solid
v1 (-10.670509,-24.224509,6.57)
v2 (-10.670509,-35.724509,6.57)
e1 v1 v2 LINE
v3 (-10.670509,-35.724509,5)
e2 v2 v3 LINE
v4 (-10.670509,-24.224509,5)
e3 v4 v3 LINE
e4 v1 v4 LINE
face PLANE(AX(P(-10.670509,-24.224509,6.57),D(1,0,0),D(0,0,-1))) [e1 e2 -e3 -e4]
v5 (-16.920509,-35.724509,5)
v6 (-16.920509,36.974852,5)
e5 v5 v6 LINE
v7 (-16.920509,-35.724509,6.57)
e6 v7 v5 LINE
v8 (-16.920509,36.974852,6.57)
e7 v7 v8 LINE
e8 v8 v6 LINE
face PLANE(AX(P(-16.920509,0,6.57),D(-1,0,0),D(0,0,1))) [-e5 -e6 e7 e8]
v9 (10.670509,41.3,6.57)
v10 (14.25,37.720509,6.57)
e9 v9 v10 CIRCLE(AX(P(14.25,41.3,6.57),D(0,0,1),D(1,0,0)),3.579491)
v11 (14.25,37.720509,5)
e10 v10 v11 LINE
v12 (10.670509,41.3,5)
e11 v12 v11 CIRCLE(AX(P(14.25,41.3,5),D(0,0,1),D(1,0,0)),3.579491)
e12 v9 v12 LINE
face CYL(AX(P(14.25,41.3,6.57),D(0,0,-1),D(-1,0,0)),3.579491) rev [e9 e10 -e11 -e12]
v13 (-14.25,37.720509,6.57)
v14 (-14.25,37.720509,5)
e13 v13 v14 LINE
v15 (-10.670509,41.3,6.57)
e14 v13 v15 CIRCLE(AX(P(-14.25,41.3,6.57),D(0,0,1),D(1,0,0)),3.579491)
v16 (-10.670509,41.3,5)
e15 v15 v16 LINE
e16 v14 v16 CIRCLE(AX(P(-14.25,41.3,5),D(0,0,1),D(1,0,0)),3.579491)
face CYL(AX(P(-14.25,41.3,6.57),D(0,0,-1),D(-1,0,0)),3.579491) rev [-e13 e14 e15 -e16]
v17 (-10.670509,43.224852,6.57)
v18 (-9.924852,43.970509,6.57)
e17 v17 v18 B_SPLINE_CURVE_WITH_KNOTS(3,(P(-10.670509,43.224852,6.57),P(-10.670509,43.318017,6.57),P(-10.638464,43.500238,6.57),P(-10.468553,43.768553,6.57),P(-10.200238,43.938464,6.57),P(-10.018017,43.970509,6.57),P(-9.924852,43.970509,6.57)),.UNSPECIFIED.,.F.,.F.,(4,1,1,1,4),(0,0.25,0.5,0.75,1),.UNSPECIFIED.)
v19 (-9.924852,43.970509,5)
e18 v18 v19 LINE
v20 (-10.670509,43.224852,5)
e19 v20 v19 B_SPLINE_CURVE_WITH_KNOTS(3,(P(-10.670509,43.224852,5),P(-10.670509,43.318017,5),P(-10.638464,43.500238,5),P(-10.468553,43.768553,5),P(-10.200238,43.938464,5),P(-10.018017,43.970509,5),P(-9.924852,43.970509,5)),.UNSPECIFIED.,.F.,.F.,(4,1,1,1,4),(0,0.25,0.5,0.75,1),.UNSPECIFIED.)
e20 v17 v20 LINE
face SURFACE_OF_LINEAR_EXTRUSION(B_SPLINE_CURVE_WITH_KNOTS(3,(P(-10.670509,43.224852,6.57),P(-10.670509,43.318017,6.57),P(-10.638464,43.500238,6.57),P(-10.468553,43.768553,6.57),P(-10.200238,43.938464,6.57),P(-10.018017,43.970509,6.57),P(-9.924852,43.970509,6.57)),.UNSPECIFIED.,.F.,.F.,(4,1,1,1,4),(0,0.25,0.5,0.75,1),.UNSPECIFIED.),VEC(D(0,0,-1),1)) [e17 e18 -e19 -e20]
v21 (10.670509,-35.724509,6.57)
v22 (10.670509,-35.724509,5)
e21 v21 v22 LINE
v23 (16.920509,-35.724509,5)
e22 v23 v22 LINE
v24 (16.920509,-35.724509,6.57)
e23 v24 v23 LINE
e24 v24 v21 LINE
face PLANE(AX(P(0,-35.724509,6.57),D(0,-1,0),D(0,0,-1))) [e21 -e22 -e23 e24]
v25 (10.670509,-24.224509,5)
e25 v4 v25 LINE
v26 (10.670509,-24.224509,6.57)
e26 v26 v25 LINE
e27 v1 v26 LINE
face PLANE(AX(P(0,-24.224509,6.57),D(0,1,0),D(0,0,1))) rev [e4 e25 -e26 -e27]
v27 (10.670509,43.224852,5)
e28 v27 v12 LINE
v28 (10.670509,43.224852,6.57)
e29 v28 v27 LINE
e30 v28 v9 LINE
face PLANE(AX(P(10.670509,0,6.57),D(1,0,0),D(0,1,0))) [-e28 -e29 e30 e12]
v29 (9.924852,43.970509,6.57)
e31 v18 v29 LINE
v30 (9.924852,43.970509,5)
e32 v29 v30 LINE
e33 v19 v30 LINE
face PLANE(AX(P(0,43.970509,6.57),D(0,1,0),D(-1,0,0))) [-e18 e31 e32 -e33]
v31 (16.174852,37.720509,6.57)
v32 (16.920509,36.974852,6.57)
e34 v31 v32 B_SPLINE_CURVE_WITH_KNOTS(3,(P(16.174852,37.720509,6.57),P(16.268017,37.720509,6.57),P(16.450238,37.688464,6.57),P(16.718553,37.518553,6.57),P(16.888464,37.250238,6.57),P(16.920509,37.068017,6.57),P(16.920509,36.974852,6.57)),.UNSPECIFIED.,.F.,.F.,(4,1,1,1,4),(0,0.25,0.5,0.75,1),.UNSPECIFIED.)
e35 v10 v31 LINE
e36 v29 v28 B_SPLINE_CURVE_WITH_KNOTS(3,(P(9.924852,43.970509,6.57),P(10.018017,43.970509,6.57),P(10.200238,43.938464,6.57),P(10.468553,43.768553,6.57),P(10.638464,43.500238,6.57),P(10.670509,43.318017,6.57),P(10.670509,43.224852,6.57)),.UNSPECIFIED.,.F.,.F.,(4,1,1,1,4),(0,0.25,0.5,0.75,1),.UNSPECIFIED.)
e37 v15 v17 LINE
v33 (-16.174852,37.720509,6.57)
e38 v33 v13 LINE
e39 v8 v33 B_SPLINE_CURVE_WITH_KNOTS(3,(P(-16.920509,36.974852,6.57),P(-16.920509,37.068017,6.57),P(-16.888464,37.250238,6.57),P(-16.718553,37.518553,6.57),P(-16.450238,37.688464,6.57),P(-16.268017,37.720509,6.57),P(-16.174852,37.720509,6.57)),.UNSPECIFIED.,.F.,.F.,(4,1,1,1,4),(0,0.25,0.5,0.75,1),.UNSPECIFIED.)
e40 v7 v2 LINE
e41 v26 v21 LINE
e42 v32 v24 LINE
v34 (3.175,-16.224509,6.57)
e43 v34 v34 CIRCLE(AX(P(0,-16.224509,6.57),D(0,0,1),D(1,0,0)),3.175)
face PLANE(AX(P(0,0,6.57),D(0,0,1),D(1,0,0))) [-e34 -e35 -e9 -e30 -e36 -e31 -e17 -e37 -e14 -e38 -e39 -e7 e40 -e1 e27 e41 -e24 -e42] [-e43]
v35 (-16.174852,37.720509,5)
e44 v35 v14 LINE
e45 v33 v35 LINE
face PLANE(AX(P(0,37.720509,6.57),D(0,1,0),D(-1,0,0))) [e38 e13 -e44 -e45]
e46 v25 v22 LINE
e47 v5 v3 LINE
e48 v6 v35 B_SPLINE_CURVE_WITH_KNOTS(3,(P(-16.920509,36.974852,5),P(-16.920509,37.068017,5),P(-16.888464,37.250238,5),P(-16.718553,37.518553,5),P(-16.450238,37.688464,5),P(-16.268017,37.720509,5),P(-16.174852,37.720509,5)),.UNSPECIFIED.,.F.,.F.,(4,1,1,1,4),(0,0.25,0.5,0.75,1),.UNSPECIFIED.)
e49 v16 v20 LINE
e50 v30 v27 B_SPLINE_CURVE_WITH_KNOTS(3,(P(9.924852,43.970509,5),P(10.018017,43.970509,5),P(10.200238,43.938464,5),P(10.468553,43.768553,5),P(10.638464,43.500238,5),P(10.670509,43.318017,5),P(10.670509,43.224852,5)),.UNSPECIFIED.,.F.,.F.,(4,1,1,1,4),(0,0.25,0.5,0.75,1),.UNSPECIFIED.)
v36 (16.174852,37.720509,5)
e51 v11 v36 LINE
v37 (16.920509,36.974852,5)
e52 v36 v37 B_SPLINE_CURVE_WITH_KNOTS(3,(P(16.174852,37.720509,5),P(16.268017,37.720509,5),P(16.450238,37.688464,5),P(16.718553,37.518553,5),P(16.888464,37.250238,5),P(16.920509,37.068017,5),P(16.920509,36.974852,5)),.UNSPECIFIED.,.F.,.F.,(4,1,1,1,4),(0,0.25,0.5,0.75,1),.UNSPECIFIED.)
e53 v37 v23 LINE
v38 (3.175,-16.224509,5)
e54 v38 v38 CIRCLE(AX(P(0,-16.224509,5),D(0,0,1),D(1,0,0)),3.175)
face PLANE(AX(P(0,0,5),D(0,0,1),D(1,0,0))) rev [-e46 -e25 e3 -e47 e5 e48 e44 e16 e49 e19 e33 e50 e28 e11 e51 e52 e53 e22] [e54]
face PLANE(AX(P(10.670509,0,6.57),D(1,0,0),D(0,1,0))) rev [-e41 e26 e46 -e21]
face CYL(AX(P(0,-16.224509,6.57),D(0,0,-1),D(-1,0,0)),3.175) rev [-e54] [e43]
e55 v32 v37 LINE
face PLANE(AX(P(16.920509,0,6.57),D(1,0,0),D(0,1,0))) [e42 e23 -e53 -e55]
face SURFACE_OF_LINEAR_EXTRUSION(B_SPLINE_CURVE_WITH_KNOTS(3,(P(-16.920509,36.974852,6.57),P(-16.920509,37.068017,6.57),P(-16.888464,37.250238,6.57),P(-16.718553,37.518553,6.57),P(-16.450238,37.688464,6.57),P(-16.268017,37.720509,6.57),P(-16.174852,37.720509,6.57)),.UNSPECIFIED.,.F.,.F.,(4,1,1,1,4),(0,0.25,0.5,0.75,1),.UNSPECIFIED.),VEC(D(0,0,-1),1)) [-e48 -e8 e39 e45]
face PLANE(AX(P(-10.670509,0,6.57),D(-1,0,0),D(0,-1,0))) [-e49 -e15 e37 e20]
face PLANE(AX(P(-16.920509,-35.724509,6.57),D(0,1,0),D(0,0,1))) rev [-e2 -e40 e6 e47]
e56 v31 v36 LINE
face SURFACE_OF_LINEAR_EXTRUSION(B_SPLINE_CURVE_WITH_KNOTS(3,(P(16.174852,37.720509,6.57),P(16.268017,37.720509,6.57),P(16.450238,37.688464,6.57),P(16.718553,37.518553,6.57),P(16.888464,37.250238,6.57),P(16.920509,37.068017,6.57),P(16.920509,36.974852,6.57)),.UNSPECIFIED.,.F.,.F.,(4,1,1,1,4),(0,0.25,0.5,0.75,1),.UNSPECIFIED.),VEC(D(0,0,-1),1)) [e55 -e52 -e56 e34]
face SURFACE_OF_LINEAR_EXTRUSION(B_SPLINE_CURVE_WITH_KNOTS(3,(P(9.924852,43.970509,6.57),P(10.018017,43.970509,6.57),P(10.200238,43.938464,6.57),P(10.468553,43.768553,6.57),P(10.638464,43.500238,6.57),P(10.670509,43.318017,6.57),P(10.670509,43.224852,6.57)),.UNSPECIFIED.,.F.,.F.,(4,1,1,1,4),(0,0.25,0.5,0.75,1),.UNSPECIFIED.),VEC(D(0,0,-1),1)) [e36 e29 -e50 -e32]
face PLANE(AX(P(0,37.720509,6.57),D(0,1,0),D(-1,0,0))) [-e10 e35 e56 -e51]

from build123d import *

# Parameters (mm, degrees)
SKETCH2_R           = 3.175
BOSS_EXTRUDE1_DEPTH = 1.57


with BuildPart() as part:
    # Sketch2 → Boss-Extrude1 (new body)
    with BuildSketch(Plane.XY.offset(5)):
        with BuildLine():
            Line((-16.920508995, 36.97485167), (-16.920508995, -35.724508995))
            Line((-16.920508995, -35.724508995), (-10.670508995, -35.724508995))
            Line((-10.670508995, -35.724508995), (-10.670508995, -24.224508995))
            Line((-10.670508995, -24.224508995), (10.670508995, -24.224508995))
            Line((10.670508995, -24.224508995), (10.670508995, -35.724508995))
            Line((10.670508995, -35.724508995), (16.920508995, -35.724508995))
            Line((16.920508995, -35.724508995), (16.920508995, 36.97485167))
            add(Edge.make_bspline(
                [(16.17485167, 37.720508995), (16.268017422, 37.720508995), (16.450238191, 37.688464247), (16.71855323, 37.51855323), (16.888464247, 37.250238191), (16.920508995, 37.068017422), (16.920508995, 36.97485167)],
                knots=[0, 0, 0, 0, 0.25, 0.5, 0.75, 1, 1, 1, 1], degree=3))
            Line((16.17485167, 37.720508995), (14.25, 37.720508995))
            ThreePointArc((14.25, 37.720508995), (11.718917637, 38.768917637), (10.670508995, 41.3))
            Line((10.670508995, 41.3), (10.670508995, 43.22485167))
            add(Edge.make_bspline(
                [(9.92485167, 43.970508995), (10.018017422, 43.970508995), (10.200238191, 43.938464247), (10.46855323, 43.76855323), (10.638464247, 43.500238191), (10.670508995, 43.318017422), (10.670508995, 43.22485167)],
                knots=[0, 0, 0, 0, 0.25, 0.5, 0.75, 1, 1, 1, 1], degree=3))
            Line((9.92485167, 43.970508995), (-9.92485167, 43.970508995))
            add(Edge.make_bspline(
                [(-10.670508995, 43.22485167), (-10.670508995, 43.318017422), (-10.638464247, 43.500238191), (-10.46855323, 43.76855323), (-10.200238191, 43.938464247), (-10.018017422, 43.970508995), (-9.92485167, 43.970508995)],
                knots=[0, 0, 0, 0, 0.25, 0.5, 0.75, 1, 1, 1, 1], degree=3))
            Line((-10.670508995, 43.22485167), (-10.670508995, 41.3))
            ThreePointArc((-10.670508995, 41.3), (-11.718917637, 38.768917637), (-14.25, 37.720508995))
            Line((-14.25, 37.720508995), (-16.17485167, 37.720508995))
            add(Edge.make_bspline(
                [(-16.920508995, 36.97485167), (-16.920508995, 37.068017422), (-16.888464247, 37.250238191), (-16.71855323, 37.51855323), (-16.450238191, 37.688464247), (-16.268017422, 37.720508995), (-16.17485167, 37.720508995)],
                knots=[0, 0, 0, 0, 0.25, 0.5, 0.75, 1, 1, 1, 1], degree=3))
        make_face()
        with Locations((0, -16.224508995)):
            Circle(SKETCH2_R, mode=Mode.SUBTRACT)
    extrude(amount=BOSS_EXTRUDE1_DEPTH)


solid = part.part
